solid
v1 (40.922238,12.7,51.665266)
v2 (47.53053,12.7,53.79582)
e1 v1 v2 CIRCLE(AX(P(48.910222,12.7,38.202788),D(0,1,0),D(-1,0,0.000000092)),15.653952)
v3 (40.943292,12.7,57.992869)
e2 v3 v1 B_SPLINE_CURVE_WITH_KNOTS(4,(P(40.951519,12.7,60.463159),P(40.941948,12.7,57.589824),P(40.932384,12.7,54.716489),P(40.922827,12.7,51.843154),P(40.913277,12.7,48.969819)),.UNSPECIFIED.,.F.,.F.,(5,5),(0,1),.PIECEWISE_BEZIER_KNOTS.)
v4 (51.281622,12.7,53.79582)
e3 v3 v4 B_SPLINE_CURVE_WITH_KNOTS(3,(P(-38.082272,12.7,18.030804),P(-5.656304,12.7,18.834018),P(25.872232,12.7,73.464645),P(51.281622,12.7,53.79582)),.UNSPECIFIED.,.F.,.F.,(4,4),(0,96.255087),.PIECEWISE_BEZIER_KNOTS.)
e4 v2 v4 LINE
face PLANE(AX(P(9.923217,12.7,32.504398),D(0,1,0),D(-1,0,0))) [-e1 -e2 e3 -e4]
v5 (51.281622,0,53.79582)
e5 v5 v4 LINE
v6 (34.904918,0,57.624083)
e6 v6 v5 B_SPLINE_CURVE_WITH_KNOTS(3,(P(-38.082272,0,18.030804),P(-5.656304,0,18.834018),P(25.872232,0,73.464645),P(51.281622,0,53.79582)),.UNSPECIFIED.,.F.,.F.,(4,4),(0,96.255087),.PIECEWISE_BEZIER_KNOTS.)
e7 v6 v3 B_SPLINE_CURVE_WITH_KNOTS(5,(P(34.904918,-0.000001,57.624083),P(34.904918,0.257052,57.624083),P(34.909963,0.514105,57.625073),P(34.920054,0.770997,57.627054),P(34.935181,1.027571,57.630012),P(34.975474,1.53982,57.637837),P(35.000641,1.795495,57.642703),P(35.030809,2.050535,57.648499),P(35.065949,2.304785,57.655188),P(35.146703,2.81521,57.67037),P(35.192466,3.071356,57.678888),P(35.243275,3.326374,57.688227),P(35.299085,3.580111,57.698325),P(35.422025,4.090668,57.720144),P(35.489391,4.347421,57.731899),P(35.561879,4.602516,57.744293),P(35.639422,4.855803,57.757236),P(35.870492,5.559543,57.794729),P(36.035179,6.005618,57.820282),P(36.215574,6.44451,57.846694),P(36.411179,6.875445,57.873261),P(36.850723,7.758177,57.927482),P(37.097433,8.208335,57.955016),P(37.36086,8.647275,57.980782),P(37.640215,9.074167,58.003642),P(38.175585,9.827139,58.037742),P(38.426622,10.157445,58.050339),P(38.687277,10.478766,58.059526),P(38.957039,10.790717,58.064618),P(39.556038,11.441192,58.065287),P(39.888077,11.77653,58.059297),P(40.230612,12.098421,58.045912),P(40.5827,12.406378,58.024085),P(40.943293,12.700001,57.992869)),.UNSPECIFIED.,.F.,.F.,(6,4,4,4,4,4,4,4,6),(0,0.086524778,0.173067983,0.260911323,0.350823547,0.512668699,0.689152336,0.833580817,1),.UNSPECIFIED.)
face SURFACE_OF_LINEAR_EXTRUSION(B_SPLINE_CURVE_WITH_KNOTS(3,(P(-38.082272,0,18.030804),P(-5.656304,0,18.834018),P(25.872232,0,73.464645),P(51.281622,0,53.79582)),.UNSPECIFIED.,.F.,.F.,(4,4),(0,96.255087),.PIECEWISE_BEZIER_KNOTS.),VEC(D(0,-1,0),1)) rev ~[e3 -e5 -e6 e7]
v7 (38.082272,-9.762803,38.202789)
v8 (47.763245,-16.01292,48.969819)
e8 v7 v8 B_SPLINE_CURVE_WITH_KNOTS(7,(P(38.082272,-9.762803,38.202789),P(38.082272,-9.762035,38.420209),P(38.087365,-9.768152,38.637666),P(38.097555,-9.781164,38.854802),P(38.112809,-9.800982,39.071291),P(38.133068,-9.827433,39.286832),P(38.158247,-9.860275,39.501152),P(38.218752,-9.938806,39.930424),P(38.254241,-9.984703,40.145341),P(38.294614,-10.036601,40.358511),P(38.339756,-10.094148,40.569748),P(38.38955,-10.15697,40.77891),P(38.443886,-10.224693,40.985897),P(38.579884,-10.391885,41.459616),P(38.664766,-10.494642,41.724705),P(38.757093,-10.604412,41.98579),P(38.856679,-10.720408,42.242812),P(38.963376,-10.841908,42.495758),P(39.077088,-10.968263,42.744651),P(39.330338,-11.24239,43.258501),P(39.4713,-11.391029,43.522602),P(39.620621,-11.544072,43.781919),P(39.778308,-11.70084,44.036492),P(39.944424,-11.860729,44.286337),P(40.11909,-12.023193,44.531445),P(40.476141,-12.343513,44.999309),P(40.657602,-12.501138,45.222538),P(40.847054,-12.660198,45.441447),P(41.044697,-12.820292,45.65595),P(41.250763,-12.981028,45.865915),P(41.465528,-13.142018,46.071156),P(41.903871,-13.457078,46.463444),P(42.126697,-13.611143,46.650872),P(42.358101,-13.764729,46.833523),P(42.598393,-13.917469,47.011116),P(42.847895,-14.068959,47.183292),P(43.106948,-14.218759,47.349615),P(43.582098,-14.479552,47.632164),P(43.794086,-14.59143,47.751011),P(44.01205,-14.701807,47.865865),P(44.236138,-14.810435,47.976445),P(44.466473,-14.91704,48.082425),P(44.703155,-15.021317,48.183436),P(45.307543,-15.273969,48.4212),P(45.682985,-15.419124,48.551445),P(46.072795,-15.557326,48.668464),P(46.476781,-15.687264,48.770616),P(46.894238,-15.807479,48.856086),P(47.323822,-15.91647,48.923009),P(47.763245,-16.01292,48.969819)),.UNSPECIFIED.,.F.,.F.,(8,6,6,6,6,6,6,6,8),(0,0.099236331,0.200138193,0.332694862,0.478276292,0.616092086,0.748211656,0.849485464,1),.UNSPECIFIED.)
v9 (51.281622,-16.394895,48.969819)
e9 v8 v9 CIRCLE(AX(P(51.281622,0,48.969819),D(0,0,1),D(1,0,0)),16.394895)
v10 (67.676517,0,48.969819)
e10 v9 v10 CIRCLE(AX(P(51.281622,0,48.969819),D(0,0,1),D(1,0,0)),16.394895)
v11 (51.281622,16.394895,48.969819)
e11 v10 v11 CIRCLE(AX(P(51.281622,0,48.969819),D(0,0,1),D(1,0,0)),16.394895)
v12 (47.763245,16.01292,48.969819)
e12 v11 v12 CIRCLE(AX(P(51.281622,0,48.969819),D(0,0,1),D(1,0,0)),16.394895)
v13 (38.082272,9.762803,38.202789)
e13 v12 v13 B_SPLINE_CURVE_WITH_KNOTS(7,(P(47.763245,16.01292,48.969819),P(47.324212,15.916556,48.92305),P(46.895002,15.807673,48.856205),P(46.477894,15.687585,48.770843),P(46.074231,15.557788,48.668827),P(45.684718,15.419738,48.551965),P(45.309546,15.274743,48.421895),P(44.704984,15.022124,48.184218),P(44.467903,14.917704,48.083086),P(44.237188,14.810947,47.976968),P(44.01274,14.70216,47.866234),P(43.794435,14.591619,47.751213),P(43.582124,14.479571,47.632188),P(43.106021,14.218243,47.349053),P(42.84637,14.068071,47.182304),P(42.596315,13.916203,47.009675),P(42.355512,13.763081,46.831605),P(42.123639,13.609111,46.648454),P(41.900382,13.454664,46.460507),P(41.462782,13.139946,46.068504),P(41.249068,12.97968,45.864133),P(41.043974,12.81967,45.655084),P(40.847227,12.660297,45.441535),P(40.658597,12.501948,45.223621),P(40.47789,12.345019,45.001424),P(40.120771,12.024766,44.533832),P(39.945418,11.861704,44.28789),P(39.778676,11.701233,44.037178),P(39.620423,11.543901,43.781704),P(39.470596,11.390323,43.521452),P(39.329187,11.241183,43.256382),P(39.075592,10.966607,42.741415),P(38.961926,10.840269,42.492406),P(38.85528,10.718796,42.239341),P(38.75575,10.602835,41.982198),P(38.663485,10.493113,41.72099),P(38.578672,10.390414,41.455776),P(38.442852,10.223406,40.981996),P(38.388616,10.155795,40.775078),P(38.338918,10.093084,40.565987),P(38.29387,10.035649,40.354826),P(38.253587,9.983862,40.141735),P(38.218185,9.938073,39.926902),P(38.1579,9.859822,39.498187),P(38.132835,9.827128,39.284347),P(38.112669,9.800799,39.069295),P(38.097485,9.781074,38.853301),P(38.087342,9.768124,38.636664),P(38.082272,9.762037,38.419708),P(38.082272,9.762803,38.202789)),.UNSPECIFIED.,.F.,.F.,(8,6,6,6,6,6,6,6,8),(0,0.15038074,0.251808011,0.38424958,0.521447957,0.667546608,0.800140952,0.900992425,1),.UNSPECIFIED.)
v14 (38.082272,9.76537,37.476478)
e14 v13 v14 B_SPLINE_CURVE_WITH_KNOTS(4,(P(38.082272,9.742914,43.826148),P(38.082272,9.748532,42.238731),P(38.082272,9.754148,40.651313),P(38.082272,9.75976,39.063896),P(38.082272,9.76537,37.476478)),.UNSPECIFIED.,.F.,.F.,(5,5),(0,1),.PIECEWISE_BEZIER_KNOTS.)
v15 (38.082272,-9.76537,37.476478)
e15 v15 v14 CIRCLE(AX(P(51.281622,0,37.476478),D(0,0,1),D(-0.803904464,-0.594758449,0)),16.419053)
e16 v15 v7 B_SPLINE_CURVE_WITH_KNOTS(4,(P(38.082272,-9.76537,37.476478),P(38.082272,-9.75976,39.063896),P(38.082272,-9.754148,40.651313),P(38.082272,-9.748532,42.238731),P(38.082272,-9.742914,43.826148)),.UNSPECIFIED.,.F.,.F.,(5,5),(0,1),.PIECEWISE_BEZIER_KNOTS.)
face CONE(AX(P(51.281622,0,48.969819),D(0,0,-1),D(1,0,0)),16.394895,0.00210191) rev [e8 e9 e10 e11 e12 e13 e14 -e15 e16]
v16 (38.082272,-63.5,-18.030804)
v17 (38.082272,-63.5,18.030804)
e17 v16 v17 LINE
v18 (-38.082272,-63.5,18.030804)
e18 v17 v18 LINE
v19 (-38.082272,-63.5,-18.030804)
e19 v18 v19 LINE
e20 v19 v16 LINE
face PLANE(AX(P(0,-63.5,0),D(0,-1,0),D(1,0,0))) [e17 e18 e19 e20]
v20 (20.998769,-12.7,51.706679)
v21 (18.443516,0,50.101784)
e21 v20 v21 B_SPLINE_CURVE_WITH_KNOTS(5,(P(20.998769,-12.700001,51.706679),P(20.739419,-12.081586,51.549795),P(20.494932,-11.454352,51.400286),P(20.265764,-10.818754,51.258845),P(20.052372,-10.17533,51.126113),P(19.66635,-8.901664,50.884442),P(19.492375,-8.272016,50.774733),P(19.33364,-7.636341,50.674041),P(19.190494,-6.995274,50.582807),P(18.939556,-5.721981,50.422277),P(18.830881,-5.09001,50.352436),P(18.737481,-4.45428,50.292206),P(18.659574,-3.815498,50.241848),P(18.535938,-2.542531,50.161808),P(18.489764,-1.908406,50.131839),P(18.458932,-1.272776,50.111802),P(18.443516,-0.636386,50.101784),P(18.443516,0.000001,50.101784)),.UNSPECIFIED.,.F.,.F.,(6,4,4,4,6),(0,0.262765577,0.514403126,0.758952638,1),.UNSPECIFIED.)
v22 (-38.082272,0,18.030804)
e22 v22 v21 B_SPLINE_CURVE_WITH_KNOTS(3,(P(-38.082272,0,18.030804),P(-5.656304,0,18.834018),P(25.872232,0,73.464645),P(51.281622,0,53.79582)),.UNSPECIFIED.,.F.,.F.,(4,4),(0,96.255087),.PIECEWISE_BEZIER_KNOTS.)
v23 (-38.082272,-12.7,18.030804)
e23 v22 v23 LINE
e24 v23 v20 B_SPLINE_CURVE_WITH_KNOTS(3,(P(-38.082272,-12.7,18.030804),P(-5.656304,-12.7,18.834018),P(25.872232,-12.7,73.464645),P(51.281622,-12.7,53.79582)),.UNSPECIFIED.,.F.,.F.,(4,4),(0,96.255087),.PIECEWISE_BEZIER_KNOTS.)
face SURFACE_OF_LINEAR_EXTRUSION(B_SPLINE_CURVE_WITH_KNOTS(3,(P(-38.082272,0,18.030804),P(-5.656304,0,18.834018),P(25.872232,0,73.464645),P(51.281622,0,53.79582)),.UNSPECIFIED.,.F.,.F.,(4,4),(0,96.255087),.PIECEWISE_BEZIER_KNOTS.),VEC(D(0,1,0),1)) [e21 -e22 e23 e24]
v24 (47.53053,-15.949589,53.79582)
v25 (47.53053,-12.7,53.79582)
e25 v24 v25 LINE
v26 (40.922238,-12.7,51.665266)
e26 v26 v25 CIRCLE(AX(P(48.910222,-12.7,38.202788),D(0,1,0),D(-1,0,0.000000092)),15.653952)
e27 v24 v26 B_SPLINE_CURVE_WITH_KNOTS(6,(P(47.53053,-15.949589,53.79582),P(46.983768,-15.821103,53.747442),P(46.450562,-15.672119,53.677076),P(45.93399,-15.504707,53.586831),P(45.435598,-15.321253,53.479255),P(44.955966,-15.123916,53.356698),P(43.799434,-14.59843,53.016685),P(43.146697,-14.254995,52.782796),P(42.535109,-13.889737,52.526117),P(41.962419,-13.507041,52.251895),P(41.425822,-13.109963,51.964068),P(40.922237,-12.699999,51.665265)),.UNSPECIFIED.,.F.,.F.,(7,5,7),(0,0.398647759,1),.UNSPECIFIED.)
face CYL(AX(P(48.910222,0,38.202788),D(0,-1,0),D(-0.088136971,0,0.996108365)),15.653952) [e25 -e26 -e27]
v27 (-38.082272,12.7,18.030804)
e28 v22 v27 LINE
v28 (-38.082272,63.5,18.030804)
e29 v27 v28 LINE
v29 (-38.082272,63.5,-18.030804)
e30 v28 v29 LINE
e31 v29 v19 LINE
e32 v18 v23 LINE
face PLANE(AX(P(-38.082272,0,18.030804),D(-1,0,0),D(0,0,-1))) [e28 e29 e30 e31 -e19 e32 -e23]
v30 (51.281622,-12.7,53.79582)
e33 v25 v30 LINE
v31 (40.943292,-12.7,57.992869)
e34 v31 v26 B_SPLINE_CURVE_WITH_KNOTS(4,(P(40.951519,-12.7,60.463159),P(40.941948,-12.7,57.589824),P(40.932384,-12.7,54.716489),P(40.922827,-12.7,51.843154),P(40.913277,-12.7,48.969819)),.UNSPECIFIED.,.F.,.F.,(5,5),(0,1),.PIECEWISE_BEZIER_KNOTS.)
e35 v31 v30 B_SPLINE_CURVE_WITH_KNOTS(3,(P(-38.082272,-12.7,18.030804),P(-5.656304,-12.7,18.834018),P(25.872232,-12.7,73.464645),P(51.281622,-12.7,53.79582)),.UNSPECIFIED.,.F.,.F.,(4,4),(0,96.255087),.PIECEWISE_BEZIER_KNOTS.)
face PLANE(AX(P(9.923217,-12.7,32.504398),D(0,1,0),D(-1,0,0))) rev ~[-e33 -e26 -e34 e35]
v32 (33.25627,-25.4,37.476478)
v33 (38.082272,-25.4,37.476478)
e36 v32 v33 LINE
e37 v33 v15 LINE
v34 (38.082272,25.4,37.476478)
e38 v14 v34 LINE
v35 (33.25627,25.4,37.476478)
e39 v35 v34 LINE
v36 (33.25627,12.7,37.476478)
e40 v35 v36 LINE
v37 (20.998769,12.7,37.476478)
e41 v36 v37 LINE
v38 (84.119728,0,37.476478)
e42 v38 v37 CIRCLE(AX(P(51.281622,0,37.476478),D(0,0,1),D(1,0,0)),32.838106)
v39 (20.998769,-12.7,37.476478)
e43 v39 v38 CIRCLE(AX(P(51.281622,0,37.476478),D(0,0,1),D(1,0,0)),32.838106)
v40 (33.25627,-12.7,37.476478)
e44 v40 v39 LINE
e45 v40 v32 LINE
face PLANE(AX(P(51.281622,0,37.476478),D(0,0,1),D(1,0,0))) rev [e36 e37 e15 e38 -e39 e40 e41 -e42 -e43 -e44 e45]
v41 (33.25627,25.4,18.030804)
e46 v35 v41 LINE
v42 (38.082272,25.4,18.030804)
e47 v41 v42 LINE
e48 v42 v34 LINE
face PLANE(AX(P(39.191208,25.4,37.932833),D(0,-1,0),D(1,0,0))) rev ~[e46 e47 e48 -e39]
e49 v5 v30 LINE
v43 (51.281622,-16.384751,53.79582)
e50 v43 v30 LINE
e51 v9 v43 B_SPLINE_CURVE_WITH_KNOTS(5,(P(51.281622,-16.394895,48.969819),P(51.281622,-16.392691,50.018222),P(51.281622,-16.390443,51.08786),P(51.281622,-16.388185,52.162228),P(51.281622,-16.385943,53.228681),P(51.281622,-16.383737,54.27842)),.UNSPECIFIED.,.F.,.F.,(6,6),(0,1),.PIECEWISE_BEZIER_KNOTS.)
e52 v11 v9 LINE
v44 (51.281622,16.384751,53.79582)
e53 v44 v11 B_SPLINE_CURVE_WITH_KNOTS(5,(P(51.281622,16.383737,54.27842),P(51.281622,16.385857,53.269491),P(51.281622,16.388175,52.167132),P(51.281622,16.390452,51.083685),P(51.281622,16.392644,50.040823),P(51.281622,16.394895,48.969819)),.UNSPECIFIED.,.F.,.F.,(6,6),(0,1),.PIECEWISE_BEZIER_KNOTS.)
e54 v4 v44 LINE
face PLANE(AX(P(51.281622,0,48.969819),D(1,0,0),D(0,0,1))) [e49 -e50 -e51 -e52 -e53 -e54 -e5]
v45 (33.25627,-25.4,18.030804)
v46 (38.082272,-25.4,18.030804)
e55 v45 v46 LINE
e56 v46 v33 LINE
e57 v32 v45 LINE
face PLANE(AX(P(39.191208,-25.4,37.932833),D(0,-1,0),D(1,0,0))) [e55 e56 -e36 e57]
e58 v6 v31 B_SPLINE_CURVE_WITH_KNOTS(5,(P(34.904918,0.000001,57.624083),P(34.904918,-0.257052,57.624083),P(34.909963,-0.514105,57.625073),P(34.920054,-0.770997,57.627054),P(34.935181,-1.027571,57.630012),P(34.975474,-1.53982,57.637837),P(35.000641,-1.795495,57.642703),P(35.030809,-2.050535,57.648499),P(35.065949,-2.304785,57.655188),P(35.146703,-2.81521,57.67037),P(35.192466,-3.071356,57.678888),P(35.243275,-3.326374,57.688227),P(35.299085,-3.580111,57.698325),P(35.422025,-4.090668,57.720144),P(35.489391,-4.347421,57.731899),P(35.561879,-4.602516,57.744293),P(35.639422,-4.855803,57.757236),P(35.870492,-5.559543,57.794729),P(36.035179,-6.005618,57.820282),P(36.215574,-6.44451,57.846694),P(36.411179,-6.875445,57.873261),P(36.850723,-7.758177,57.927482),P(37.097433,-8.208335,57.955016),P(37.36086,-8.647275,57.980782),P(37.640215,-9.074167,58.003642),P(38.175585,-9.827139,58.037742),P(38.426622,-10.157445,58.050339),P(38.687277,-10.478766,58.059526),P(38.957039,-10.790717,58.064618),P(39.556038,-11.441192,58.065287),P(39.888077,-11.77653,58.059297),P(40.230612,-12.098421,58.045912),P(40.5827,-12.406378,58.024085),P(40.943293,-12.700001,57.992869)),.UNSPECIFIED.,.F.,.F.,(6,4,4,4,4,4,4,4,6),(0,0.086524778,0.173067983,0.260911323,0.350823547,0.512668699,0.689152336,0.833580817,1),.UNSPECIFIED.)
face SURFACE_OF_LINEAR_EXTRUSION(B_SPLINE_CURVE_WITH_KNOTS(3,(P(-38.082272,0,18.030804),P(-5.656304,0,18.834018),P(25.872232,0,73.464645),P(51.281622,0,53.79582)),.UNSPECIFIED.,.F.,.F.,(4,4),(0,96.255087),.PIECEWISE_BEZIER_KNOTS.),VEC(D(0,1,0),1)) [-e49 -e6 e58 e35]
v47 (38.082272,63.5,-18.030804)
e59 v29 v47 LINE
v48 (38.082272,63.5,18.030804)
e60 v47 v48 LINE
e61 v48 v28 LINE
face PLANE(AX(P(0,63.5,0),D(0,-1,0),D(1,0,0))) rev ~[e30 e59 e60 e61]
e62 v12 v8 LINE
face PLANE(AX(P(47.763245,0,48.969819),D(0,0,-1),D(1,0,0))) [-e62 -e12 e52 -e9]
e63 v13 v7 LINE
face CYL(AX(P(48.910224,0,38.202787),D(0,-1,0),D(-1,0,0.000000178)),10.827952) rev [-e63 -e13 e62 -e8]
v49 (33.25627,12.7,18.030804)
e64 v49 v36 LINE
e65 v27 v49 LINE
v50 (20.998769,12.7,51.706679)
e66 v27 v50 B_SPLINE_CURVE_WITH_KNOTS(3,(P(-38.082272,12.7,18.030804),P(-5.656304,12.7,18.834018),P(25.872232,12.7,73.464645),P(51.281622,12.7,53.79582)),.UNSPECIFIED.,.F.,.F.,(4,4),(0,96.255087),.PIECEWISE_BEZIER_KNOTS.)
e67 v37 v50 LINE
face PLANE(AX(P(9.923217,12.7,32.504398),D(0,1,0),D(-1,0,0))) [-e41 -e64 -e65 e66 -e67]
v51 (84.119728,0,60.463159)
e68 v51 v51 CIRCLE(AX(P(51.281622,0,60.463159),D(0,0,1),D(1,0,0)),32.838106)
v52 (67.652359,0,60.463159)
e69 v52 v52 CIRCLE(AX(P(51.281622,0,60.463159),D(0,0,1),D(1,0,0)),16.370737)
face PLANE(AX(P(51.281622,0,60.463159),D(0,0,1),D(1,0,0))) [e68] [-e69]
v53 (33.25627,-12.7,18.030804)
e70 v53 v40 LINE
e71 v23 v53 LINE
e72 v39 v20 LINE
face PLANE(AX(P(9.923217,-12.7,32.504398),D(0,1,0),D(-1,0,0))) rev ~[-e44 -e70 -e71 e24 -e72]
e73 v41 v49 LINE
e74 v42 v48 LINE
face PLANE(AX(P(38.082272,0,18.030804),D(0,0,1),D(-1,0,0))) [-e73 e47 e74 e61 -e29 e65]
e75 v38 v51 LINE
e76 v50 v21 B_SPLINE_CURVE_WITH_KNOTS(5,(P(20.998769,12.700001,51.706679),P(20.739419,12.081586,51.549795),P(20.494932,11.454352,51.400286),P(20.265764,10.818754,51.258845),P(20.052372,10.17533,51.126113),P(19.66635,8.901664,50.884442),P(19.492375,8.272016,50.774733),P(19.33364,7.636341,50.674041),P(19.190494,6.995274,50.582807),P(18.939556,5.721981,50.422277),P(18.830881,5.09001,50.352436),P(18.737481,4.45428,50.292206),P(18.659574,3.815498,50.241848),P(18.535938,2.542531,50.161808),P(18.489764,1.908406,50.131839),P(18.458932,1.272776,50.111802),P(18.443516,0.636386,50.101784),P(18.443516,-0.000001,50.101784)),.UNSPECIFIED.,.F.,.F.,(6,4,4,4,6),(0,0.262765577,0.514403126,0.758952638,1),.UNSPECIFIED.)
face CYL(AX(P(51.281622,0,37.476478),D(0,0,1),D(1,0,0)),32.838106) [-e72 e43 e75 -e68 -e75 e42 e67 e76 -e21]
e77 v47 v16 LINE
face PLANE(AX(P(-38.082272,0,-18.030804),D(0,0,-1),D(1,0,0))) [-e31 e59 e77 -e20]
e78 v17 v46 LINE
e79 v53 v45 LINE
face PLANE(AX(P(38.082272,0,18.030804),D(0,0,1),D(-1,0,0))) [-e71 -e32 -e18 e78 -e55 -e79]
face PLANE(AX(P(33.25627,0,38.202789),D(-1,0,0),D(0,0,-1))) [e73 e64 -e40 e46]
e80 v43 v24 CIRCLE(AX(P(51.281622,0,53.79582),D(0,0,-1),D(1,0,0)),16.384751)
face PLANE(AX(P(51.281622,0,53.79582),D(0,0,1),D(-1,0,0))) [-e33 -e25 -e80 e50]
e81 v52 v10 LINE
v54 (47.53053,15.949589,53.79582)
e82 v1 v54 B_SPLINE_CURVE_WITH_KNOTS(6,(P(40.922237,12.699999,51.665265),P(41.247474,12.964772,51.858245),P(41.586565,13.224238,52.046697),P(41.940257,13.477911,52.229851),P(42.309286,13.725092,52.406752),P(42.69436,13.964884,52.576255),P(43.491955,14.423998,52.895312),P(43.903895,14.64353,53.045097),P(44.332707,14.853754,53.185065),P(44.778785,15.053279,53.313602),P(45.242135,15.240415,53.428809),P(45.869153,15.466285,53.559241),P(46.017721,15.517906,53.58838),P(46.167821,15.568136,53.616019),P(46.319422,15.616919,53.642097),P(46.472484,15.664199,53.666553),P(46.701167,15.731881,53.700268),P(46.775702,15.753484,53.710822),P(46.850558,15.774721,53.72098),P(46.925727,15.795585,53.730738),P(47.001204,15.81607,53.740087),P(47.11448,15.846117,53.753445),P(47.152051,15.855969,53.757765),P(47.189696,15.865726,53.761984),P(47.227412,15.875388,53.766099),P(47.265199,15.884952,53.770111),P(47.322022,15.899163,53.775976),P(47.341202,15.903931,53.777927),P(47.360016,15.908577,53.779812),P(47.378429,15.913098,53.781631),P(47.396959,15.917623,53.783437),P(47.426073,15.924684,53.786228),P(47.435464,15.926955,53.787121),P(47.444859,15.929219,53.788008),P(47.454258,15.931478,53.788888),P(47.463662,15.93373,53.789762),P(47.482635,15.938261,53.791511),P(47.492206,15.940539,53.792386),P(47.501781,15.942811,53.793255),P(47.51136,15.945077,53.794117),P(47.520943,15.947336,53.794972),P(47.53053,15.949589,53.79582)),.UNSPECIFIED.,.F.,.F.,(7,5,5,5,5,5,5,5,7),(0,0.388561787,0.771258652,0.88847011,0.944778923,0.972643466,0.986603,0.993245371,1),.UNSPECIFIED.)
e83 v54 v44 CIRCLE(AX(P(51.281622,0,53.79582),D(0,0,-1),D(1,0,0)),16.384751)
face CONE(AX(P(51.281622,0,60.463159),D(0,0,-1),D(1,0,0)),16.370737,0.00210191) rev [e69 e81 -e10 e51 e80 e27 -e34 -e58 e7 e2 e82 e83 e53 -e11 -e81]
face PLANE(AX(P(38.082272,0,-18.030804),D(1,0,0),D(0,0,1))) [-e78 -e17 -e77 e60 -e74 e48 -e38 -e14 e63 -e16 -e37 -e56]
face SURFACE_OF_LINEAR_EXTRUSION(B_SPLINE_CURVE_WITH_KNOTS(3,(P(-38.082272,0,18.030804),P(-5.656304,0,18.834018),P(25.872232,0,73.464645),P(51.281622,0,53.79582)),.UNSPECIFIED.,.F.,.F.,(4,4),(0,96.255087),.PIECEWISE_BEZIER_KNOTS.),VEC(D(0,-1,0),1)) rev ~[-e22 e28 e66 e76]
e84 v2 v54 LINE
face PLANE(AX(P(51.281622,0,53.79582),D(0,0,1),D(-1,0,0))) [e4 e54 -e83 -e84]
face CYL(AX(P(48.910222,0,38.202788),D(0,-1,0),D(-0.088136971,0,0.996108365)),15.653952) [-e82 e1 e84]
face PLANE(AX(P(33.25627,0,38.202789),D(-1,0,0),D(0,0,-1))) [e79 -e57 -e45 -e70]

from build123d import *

# Parameters (mm, degrees)
F1_DEPTH = 63.5
F2_DEPTH = 25.4
F3_DEPTH = 12.7


with BuildPart() as f1:
    # F0 (on Front) → F1 (new body, symmetric)
    with BuildSketch(Plane.XZ):
        Polygon((33.25627, 18.030804), (-38.082272, 18.030804), (-38.082272, -18.030804), (38.082272, -18.030804), (38.082272, 18.030804), align=None)
    extrude(amount=F1_DEPTH, both=True)

    # F0 (on Front) → F2 (join, symmetric)
    with BuildSketch(Plane.XZ):
        with BuildLine():
            Line((33.25627, 38.202789), (33.25627, 18.030804))
            Line((33.25627, 18.030804), (38.082272, 18.030804))
            Line((38.082272, 18.030804), (38.082272, 38.202789))
            ThreePointArc((38.082272, 38.202789), (40.858393, 45.442439), (47.763245, 48.969819))
            Line((47.763245, 48.969819), (51.281622, 48.969819))
            Line((51.281622, 48.969819), (51.281622, 53.79582))
            Line((51.281622, 53.79582), (47.53053, 53.79582))
            ThreePointArc((47.53053, 53.79582), (37.363711, 48.772759), (33.25627, 38.202789))
        make_face()
    extrude(amount=F2_DEPTH, both=True)

    # F0 (on Front) → F3 (join, symmetric)
    with BuildSketch(Plane.XZ):
        with BuildLine():
            add(Edge.make_bspline(
                [(-38.082272, 18.030804), (-5.656304, 18.834018), (25.872232, 73.464645), (51.281622, 53.79582)],
                knots=[0, 0, 0, 0, 96.255087, 96.255087, 96.255087, 96.255087], degree=3))
            Line((-38.082272, 18.030804), (33.25627, 18.030804))
            Line((33.25627, 18.030804), (33.25627, 38.202789))
            ThreePointArc((33.25627, 38.202789), (37.363711, 48.772759), (47.53053, 53.79582))
            Line((47.53053, 53.79582), (51.281622, 53.79582))
        make_face()
    extrude(amount=F3_DEPTH, both=True)

    # F0 (on Front) → F4 (revolve)
    with BuildSketch(Plane.XZ):
        Polygon((84.119728, 60.463159), (67.652359, 60.463159), (67.676517, 48.969819), (67.700675, 37.476478), (84.119728, 37.476478), align=None)
    revolve(axis=Axis((51.281622, 0, 48.969819), (0, 0, 1)))


solid = f1.part
